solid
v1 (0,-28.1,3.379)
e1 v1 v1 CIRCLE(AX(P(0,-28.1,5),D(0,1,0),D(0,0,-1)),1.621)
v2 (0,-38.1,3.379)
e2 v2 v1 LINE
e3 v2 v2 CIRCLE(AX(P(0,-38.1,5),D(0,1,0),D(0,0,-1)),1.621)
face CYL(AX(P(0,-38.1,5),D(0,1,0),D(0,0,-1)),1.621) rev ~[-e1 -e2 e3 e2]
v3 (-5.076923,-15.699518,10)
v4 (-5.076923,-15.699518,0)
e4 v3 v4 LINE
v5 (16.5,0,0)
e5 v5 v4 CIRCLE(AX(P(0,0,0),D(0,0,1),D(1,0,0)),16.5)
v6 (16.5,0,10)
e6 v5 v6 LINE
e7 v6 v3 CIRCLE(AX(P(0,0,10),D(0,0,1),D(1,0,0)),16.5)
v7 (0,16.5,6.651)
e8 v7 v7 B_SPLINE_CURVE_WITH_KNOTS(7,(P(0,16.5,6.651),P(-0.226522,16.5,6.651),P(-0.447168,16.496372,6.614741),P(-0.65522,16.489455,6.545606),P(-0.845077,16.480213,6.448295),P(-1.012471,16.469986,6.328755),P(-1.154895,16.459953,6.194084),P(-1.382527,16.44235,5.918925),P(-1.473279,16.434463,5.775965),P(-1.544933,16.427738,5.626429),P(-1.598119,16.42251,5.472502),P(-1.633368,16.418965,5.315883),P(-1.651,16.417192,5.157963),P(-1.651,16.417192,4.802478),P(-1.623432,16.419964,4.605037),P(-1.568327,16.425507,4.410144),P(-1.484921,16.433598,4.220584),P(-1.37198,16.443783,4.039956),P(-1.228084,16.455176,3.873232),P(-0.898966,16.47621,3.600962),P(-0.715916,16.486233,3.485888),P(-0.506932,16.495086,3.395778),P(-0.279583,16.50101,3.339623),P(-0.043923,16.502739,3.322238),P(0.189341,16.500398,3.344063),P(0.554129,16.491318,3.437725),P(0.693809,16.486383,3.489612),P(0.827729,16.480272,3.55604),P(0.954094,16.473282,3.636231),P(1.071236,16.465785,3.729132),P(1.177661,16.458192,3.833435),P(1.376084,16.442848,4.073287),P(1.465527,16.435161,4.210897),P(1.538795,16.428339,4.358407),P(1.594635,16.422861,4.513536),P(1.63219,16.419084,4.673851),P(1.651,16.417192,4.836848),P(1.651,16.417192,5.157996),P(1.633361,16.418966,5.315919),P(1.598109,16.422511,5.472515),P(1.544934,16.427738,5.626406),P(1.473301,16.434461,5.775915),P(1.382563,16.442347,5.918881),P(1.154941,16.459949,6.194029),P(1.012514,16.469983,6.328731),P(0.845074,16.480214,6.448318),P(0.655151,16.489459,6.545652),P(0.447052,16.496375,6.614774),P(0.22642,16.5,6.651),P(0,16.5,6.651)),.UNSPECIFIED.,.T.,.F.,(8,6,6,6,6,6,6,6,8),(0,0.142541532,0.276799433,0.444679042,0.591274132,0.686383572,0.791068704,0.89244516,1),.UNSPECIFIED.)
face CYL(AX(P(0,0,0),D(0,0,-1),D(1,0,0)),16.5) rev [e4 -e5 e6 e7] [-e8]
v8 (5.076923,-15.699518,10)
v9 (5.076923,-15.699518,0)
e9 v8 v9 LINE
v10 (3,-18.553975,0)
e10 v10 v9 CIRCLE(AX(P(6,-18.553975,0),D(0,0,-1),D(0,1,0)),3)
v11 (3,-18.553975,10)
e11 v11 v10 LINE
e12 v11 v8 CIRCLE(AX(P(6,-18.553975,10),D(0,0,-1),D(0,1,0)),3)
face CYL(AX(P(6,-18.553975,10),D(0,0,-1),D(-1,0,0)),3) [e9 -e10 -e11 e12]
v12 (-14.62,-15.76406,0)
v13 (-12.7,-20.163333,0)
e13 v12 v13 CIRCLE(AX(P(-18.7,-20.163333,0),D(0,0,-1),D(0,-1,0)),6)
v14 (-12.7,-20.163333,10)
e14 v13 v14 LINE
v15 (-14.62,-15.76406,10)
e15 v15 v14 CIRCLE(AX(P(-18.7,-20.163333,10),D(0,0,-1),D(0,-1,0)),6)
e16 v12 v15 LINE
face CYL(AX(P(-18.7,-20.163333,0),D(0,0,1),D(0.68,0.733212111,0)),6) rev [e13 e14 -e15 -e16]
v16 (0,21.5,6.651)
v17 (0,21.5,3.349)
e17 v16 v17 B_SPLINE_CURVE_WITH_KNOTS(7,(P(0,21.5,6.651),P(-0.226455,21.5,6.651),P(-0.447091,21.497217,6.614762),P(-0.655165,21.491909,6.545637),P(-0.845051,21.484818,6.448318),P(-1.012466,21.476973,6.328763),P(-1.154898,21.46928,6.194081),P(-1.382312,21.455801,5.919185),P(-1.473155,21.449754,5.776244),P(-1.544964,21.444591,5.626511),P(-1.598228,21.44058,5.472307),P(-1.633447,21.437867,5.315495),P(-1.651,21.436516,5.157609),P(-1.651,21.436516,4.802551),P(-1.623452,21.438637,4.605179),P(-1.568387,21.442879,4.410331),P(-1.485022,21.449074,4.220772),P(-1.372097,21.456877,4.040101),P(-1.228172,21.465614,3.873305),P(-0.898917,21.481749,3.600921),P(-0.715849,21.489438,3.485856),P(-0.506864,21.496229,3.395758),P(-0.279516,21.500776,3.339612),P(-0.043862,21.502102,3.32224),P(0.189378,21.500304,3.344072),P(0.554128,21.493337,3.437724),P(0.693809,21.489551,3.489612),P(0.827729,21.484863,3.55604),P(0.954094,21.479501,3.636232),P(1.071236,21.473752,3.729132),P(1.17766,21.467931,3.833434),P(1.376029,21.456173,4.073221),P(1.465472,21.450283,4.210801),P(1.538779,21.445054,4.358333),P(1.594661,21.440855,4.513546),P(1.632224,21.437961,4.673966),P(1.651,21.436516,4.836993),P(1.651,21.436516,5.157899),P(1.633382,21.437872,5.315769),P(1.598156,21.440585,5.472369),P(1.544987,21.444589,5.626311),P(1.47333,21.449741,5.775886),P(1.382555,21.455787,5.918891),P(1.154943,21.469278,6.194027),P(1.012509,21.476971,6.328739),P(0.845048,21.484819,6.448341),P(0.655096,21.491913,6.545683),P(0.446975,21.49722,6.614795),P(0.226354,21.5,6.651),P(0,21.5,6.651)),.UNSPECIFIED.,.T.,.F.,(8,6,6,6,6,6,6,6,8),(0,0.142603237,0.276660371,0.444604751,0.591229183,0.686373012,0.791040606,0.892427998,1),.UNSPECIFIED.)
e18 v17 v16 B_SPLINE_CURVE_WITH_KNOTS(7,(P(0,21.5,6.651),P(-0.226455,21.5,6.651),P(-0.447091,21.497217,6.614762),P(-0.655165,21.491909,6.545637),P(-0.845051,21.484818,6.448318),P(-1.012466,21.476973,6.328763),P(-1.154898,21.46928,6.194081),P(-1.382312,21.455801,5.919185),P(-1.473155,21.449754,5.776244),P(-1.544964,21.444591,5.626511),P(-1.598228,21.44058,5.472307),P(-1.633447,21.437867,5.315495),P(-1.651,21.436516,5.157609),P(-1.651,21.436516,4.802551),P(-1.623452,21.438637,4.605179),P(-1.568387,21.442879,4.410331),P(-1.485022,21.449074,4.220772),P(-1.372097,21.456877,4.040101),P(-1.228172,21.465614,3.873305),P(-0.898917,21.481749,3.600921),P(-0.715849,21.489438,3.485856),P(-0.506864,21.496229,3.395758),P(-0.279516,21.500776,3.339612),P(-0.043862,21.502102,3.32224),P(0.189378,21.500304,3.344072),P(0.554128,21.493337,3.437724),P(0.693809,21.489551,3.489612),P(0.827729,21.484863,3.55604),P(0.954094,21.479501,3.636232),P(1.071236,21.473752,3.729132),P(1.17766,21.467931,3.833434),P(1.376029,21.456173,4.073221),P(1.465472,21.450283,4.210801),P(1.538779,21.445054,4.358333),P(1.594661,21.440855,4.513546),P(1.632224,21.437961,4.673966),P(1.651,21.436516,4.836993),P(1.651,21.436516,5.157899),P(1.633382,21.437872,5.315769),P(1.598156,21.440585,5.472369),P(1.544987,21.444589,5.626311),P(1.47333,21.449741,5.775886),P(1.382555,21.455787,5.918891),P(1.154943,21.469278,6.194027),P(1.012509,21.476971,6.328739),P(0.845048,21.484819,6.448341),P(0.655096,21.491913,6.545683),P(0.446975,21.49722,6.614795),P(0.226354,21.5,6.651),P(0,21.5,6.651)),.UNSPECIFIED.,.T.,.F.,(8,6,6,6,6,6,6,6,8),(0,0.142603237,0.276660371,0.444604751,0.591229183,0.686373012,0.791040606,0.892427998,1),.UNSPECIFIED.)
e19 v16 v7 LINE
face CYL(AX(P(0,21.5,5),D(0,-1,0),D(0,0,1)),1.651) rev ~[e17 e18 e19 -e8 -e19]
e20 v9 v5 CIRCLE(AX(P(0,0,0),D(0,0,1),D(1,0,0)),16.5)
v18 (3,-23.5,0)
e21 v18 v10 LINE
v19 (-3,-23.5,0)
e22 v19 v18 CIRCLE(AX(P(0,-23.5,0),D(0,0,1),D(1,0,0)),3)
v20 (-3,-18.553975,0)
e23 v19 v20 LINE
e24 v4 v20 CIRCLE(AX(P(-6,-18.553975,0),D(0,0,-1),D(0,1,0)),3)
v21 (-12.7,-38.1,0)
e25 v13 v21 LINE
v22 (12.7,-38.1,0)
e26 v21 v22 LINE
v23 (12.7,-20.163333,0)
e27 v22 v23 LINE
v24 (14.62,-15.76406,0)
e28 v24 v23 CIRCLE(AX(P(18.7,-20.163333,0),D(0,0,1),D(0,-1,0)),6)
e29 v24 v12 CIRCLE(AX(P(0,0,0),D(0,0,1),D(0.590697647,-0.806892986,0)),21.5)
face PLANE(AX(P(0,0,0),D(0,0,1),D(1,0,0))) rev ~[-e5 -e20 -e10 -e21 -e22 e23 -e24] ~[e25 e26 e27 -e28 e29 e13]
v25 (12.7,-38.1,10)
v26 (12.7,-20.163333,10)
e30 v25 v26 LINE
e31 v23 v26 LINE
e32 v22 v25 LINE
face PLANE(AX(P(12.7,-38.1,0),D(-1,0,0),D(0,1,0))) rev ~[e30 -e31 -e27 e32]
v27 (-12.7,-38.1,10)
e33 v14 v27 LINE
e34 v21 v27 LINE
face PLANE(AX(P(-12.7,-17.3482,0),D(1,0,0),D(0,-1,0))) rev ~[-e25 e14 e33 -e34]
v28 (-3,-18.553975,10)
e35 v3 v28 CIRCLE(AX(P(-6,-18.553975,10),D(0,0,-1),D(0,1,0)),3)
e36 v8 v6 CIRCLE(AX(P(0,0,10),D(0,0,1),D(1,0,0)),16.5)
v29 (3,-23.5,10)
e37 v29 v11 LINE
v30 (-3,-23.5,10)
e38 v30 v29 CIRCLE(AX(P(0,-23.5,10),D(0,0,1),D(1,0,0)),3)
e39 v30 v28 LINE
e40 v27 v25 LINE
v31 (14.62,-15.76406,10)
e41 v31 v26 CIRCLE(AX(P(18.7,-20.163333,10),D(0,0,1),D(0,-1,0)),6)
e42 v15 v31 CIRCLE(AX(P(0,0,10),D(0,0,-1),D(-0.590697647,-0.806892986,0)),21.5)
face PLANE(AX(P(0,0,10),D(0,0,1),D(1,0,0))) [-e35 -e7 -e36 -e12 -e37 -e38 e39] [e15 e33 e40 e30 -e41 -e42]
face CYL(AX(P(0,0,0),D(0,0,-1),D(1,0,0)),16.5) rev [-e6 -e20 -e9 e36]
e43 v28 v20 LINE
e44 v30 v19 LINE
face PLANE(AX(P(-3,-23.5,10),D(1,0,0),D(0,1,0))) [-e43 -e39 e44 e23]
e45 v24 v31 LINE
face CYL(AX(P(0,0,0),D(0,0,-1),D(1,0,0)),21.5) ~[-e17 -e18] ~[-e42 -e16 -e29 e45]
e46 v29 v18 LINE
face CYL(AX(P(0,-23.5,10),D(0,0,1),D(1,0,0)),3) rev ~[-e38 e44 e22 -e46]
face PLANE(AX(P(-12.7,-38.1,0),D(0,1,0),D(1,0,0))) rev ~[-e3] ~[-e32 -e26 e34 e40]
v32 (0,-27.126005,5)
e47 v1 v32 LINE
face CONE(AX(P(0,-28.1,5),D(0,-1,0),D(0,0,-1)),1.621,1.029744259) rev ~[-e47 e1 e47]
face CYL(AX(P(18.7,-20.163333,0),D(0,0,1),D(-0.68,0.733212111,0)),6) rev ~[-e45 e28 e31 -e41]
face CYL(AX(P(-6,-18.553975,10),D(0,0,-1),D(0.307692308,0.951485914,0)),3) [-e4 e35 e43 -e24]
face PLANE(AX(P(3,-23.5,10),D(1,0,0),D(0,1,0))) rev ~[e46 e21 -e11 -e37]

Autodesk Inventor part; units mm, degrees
ref_plane "YZ Plane" through (0, 0, 0) normal (1, 0, 0) x (0, 1, 0)
sketch "Sketch1" plane through (0, 0, 0) normal (0, 0, 1) x (1, 0, 0)
  circle A0 centre (0, 0) radius 15 construction
  circle A1 centre (0, 0) radius 16.5
  circle A2 centre (0, 0) radius 21.5
  line L0 (0, 0) -> (26.2932, 0) construction
  line L1 (0, 0) -> (0, -21.5) construction
  line L2 (-12.7, -38.1) -> (12.7, -38.1)
  line L3 (12.7, -38.1) -> (12.7, -17.3482)
  line L4 (12.7, -17.3482) -> (-12.7, -17.3482)
  line L5 (-12.7, -17.3482) -> (-12.7, -38.1)
  line L6 (-12.7, -38.1) -> (12.7, -17.3482) construction
  line L7 (12.7, -38.1) -> (-12.7, -17.3482) construction
  point P0 (0, -27.7241)
  point P1 (0, -27.7241)
  dimension "d0" = 30
  dimension "d1" = 33
  dimension "d2" = 43
  dimension "d7" = 25.4
  dimension "d8" = 38.1
extrude "Extrusion1" add sketch "Sketch1" along normal blind 10
fillet "Fillet2" radius 6 2 edges at (12.7, -17.3482, 5) (-12.7, -17.3482, 5)
sketch "Sketch3" plane through (-12.7, -38.1, 0) normal (0, -1, 0) x (1, 0, 0)
  line L0 (0, 0) -> (0, 10) projected
  line L1 (12.7, 0) -> (12.7, 10) construction
  line L2 (-3.8, 10) -> (29.2, 10) construction
  line L3 (0, 5) -> (25.4, 5) construction
  line L4 (25.4, 10) -> (25.4, 0) construction
  point P0 (0.8561, 10)
  point P1 (24.5439, 10)
  point P2 (12.7, 5)
hole "Hole1" at (0, -38.1, 5) direction (0, 1, 0) diameter 3.242 depth 10 tip angle 118 thread size "M4x0.7" class "6H" standard "ANSI Metric M Profile"
ref_plane "Work Plane1" through (0, 21.5, 0) normal (0, 1, 0) x (-1, 0, 0)
sketch "Sketch4" plane through (0, 21.5, 0) normal (0, 1, 0) x (-1, 0, 0)
  line L0 (0, 0) -> (0, 10) construction
  line L1 (12.7, 10) -> (-12.7, 10) construction
  circle A0 centre (0, 5) radius 1.621 construction
  point P0 (0, 5)
hole "Hole2" at (0, 21.5, 5) direction (0, -1, 0) diameter 3.302 depth 12.3 tip angle 118 thread size "8-32 UNC" class "2B" standard "ANSI Unified Screw Threads"
sketch "Sketch5" plane through (0, 0, 10) normal (0, 0, 1) x (1, 0, 0)
  circle A0 centre (0, 0) radius 16.5 projected
  arc A1 (14.62, -15.7641) -> (-14.62, -15.7641) centre (0, 0) ccw projected
  line L0 (0, 0) -> (0, -38.1) construction
  line L1 (1.621, -38.1) -> (-1.621, -38.1) construction
  circle A2 centre (0, -23.5) radius 3
  line L2 (-3, -23.5) -> (-3, -16.225)
  line L3 (3, -23.5) -> (3, -16.225)
  line L4 (-12.7, -20.1633) -> (-12.7, -38.1) projected
  line L5 (12.7, -38.1) -> (12.7, -20.1633) projected
  line L6 (-12.7, -26.5) -> (12.7, -26.5) construction
  line L7 (12.7, -38.1) -> (12.7, -20.1633) construction
  line L8 (-10.4966, -16.5) -> (9.259, -16.5) construction
  dimension "d28" = 6
  dimension "d32" = 10
extrude "Extrusion3" cut sketch "Sketch5" against normal through all contours A0 L3 A2 L2 | A2
fillet "Fillet4" radius 3 2 edges at (-3, -16.225, 5) (3, -16.225, 5)
ref_plane "Work Plane2" through (0, 0, 5) normal (0, 0, 1) x (1, 0, 0)
properties part number "LaserTubeClamp"
